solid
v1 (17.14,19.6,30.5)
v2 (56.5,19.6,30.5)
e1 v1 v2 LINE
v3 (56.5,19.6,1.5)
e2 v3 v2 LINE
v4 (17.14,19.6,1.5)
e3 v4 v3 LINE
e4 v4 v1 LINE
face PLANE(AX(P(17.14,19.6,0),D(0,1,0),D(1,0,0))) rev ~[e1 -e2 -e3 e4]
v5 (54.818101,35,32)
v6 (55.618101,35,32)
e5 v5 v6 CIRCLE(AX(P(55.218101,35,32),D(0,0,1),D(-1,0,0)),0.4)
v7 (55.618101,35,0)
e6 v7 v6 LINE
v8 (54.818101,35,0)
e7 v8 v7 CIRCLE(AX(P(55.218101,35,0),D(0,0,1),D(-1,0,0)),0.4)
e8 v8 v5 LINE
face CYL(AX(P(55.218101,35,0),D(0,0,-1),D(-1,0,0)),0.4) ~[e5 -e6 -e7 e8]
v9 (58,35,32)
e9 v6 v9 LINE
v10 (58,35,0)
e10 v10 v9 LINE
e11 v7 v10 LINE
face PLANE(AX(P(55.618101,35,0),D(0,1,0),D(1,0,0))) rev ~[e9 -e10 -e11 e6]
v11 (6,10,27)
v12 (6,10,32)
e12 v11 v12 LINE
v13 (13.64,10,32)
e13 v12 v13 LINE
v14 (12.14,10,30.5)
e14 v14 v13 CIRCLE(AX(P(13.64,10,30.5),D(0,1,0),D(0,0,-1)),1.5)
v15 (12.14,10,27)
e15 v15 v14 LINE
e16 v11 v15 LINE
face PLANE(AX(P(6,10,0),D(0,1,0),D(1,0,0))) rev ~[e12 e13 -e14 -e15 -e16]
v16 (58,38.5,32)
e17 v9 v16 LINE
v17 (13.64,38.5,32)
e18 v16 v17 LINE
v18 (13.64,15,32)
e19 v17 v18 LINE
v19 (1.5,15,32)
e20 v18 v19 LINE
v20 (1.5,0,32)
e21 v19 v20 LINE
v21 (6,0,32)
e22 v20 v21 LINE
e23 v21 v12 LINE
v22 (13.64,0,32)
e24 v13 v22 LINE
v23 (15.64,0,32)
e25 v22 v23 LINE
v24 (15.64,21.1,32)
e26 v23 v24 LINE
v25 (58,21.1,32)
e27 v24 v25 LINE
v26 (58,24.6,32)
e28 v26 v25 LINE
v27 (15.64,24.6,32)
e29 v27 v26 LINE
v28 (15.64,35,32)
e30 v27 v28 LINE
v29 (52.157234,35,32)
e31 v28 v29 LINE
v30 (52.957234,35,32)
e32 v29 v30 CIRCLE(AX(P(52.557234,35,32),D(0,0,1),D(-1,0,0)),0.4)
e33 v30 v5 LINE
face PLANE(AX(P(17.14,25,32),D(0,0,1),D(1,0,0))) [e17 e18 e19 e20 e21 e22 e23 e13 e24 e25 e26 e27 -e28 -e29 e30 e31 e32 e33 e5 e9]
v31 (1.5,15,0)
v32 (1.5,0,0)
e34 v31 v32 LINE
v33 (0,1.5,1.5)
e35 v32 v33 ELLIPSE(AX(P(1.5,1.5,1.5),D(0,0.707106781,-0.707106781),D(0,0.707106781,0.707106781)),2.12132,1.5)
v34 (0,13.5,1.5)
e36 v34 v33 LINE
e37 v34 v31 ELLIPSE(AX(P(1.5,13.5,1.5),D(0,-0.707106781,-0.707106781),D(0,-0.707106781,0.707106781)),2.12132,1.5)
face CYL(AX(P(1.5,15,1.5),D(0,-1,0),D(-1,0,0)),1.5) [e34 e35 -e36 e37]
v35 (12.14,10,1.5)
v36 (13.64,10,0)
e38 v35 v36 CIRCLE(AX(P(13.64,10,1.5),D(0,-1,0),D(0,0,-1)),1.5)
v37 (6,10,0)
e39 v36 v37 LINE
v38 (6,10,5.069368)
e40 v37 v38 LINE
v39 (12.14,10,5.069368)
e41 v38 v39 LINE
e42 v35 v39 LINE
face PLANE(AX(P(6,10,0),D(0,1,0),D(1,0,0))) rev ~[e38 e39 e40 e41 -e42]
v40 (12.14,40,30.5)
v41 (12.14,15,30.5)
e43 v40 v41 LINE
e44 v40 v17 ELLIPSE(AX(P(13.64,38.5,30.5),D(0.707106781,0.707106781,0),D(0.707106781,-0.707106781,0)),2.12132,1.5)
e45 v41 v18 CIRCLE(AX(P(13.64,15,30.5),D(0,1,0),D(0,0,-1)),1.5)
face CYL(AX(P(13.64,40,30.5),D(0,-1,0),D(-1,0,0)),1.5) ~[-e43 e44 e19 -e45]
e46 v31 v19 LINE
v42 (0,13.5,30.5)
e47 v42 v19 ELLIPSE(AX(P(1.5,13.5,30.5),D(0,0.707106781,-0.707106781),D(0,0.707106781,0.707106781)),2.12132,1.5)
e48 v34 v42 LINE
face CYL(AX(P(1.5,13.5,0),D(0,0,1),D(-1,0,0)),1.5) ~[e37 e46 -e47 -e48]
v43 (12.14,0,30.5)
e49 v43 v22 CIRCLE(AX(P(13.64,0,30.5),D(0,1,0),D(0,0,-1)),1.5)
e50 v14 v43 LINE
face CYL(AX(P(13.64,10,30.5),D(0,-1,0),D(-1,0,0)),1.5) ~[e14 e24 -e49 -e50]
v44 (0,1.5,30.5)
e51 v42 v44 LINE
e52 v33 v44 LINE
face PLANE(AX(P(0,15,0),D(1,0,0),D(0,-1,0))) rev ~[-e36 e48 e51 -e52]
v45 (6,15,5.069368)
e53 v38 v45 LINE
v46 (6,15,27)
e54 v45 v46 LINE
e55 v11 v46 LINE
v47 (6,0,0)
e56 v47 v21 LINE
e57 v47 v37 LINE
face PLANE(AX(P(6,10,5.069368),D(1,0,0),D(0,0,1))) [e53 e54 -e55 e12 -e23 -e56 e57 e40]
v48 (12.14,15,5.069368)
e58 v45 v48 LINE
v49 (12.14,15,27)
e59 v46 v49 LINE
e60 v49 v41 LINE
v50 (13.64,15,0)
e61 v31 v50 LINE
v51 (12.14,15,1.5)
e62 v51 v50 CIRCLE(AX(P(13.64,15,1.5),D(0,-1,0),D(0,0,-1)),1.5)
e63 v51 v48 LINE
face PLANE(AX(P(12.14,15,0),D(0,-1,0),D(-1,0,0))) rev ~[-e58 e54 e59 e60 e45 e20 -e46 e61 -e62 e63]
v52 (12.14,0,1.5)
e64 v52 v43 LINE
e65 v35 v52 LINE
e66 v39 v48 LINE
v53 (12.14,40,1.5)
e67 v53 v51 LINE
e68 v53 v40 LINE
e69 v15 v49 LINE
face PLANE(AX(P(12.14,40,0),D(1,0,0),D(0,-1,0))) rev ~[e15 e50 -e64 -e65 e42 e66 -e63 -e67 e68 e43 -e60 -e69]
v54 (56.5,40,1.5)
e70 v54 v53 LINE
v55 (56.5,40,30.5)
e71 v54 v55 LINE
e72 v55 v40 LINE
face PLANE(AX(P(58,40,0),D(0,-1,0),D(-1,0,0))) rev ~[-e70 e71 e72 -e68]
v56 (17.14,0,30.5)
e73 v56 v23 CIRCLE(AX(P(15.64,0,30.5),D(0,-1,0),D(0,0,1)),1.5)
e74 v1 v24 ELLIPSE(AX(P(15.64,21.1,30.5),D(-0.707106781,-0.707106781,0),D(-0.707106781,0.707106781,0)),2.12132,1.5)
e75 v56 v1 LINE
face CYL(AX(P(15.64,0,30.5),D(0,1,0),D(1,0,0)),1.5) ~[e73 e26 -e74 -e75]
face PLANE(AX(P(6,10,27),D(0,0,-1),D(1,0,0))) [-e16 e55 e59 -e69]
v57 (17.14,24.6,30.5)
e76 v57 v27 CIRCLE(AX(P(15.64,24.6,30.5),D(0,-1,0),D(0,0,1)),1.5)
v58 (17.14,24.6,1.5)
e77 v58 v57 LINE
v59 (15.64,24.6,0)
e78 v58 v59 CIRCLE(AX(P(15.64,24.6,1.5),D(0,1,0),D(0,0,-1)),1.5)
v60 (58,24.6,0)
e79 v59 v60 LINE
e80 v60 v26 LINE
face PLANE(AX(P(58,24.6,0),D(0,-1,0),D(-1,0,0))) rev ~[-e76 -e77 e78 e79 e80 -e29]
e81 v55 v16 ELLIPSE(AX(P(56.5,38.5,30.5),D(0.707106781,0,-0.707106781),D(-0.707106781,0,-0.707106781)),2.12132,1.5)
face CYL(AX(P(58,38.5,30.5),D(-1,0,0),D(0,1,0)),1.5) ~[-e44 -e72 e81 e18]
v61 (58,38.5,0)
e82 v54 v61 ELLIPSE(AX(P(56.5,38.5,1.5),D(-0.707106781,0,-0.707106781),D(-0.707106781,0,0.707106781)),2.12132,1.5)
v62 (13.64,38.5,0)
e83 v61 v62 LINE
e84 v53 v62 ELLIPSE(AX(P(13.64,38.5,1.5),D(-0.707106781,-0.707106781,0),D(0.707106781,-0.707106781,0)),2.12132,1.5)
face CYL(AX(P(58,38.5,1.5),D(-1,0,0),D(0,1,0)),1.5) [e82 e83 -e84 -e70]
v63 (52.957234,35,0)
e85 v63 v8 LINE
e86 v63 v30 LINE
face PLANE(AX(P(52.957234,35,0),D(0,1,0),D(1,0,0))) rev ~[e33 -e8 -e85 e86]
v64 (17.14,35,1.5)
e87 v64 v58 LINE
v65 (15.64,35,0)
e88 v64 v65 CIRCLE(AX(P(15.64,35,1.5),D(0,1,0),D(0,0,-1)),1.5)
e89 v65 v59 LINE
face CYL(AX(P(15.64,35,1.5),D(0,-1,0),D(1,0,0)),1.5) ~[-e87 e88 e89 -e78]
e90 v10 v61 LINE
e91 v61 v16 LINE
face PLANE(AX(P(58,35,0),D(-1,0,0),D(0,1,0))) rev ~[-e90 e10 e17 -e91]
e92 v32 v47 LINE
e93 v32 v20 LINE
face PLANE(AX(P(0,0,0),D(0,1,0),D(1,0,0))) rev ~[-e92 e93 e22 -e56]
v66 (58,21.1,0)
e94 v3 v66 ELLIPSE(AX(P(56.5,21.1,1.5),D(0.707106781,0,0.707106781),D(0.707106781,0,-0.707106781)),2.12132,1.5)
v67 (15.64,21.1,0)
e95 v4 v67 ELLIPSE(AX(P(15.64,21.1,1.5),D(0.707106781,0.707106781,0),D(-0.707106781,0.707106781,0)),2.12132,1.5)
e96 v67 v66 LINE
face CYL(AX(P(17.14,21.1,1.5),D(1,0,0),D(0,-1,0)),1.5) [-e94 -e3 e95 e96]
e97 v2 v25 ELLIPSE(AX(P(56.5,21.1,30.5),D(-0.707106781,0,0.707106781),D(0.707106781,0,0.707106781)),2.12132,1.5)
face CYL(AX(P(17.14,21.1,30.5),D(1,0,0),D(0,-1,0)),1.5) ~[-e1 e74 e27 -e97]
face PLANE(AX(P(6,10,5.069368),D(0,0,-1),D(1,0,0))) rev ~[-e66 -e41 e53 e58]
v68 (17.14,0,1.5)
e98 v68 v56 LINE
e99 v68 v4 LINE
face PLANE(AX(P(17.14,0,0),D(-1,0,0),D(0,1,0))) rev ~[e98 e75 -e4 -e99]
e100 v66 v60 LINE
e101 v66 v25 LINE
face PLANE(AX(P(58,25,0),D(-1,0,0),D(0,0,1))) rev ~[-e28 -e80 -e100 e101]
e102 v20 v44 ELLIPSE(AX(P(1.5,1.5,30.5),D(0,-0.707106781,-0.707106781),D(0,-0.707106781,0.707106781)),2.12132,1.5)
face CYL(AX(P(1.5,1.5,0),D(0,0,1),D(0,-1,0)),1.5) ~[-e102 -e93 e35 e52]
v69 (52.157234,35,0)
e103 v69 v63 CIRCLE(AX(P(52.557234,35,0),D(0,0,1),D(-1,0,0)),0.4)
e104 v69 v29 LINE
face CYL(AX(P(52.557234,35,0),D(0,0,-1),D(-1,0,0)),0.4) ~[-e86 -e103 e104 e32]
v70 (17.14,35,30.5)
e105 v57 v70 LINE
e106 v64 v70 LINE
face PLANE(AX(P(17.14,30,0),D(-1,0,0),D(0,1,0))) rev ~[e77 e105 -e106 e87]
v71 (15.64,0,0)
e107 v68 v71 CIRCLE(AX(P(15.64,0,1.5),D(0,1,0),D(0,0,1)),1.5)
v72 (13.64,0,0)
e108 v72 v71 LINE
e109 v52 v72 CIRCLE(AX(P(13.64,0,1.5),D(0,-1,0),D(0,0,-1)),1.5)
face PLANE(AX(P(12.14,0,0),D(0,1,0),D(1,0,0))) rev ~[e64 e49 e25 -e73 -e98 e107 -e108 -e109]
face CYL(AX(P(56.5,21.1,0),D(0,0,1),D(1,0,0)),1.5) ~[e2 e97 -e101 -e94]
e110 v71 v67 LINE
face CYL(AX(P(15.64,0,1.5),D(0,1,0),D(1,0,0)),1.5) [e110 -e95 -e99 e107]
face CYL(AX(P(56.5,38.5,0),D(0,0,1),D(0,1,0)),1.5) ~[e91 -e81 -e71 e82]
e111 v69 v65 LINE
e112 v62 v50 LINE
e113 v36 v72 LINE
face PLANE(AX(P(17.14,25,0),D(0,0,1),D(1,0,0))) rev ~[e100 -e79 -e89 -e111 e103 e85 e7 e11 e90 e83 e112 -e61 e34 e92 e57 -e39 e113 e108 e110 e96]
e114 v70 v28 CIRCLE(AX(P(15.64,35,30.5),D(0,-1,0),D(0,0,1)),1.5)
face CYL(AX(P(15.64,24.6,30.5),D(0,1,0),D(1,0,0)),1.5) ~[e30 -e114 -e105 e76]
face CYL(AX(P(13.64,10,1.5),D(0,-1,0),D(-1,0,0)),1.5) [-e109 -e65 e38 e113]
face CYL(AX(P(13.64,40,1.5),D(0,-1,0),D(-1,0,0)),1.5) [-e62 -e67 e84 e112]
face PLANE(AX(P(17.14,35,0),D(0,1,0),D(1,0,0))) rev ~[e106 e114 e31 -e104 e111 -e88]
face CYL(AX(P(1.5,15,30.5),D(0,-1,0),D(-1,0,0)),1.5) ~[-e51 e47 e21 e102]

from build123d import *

# Parameters (mm, degrees)
F0_W     = 6.14
F0_H     = 5
F1_DEPTH = 32
F2_W     = 6.14
F2_H     = 21.9306324124
F3_DEPTH = 5
F4_DEPTH = 5.4
F5_DEPTH = 5.4
F6_R     = 1.5


with BuildPart() as f1:
    # F0 (on Top) → F1 (new body)
    with BuildSketch(Plane.XY):
        Polygon((0, 15), (0, 0), (6, 0), (6, 10), (6, 15), align=None)
        with Locations((9.07, 12.5)):
            Rectangle(F0_W, F0_H)
        Polygon((12.14, 15), (12.14, 10), (12.14, 0), (17.14, 0), (17.14, 25), (58, 25), (58, 30), (17.14, 30), (17.14, 35), (52.157233721, 35), (52.957233721, 35), (54.8181005478, 35), (55.6181005478, 35), (58, 35), (58, 40), (12.14, 40), (12.14, 25), align=None)
        with BuildLine():
            ThreePointArc((54.8181005478, 35), (55.2181005478, 34.6), (55.6181005478, 35))
            Line((55.6181005478, 35), (54.8181005478, 35))
        make_face()
        with BuildLine():
            ThreePointArc((52.157233721, 35), (52.557233721, 34.6), (52.957233721, 35))
            Line((52.957233721, 35), (52.157233721, 35))
        make_face()
    extrude(amount=F1_DEPTH)

    # F2 (on face) → F3 (cut)
    with BuildSketch(Plane.XZ.offset(-10)):
        with Locations((9.07, 16.0346837938)):
            Rectangle(F2_W, F2_H)
    extrude(amount=-F3_DEPTH, mode=Mode.SUBTRACT)

    # F4 (add): a face of the model
    f4_faces = [f1.faces().sort_by_distance(p)[0] for p in [
        (37.57, 25, 16),
    ]]
    extrude(f4_faces, amount=F4_DEPTH)

    # F5 (cut): a face of the model
    f5_faces = [f1.faces().sort_by_distance(p)[0] for p in [
        (37.57, 30, 16),
    ]]
    extrude(f5_faces, amount=-F5_DEPTH, mode=Mode.SUBTRACT)

    # F6
    f6_edges = [f1.edges().sort_by_distance(p)[0] for p in [
        (12.14, 5, 32),
        (12.14, 27.5, 32),
        (12.14, 5, 0),
        (12.14, 27.5, 0),
        (0, 15, 16),
        (0, 0, 16),
        (0, 7.5, 0),
        (0, 7.5, 32),
        (17.14, 9.8, 0),
        (17.14, 29.8, 0),
        (17.14, 29.8, 32),
        (17.14, 9.8, 32),
        (37.57, 19.6, 32),
        (37.57, 19.6, 0),
        (35.07, 40, 0),
        (35.07, 40, 32),
        (58, 40, 16),
        (58, 19.6, 16),
    ]]
    fillet(f6_edges, radius=F6_R)


solid = f1.part
